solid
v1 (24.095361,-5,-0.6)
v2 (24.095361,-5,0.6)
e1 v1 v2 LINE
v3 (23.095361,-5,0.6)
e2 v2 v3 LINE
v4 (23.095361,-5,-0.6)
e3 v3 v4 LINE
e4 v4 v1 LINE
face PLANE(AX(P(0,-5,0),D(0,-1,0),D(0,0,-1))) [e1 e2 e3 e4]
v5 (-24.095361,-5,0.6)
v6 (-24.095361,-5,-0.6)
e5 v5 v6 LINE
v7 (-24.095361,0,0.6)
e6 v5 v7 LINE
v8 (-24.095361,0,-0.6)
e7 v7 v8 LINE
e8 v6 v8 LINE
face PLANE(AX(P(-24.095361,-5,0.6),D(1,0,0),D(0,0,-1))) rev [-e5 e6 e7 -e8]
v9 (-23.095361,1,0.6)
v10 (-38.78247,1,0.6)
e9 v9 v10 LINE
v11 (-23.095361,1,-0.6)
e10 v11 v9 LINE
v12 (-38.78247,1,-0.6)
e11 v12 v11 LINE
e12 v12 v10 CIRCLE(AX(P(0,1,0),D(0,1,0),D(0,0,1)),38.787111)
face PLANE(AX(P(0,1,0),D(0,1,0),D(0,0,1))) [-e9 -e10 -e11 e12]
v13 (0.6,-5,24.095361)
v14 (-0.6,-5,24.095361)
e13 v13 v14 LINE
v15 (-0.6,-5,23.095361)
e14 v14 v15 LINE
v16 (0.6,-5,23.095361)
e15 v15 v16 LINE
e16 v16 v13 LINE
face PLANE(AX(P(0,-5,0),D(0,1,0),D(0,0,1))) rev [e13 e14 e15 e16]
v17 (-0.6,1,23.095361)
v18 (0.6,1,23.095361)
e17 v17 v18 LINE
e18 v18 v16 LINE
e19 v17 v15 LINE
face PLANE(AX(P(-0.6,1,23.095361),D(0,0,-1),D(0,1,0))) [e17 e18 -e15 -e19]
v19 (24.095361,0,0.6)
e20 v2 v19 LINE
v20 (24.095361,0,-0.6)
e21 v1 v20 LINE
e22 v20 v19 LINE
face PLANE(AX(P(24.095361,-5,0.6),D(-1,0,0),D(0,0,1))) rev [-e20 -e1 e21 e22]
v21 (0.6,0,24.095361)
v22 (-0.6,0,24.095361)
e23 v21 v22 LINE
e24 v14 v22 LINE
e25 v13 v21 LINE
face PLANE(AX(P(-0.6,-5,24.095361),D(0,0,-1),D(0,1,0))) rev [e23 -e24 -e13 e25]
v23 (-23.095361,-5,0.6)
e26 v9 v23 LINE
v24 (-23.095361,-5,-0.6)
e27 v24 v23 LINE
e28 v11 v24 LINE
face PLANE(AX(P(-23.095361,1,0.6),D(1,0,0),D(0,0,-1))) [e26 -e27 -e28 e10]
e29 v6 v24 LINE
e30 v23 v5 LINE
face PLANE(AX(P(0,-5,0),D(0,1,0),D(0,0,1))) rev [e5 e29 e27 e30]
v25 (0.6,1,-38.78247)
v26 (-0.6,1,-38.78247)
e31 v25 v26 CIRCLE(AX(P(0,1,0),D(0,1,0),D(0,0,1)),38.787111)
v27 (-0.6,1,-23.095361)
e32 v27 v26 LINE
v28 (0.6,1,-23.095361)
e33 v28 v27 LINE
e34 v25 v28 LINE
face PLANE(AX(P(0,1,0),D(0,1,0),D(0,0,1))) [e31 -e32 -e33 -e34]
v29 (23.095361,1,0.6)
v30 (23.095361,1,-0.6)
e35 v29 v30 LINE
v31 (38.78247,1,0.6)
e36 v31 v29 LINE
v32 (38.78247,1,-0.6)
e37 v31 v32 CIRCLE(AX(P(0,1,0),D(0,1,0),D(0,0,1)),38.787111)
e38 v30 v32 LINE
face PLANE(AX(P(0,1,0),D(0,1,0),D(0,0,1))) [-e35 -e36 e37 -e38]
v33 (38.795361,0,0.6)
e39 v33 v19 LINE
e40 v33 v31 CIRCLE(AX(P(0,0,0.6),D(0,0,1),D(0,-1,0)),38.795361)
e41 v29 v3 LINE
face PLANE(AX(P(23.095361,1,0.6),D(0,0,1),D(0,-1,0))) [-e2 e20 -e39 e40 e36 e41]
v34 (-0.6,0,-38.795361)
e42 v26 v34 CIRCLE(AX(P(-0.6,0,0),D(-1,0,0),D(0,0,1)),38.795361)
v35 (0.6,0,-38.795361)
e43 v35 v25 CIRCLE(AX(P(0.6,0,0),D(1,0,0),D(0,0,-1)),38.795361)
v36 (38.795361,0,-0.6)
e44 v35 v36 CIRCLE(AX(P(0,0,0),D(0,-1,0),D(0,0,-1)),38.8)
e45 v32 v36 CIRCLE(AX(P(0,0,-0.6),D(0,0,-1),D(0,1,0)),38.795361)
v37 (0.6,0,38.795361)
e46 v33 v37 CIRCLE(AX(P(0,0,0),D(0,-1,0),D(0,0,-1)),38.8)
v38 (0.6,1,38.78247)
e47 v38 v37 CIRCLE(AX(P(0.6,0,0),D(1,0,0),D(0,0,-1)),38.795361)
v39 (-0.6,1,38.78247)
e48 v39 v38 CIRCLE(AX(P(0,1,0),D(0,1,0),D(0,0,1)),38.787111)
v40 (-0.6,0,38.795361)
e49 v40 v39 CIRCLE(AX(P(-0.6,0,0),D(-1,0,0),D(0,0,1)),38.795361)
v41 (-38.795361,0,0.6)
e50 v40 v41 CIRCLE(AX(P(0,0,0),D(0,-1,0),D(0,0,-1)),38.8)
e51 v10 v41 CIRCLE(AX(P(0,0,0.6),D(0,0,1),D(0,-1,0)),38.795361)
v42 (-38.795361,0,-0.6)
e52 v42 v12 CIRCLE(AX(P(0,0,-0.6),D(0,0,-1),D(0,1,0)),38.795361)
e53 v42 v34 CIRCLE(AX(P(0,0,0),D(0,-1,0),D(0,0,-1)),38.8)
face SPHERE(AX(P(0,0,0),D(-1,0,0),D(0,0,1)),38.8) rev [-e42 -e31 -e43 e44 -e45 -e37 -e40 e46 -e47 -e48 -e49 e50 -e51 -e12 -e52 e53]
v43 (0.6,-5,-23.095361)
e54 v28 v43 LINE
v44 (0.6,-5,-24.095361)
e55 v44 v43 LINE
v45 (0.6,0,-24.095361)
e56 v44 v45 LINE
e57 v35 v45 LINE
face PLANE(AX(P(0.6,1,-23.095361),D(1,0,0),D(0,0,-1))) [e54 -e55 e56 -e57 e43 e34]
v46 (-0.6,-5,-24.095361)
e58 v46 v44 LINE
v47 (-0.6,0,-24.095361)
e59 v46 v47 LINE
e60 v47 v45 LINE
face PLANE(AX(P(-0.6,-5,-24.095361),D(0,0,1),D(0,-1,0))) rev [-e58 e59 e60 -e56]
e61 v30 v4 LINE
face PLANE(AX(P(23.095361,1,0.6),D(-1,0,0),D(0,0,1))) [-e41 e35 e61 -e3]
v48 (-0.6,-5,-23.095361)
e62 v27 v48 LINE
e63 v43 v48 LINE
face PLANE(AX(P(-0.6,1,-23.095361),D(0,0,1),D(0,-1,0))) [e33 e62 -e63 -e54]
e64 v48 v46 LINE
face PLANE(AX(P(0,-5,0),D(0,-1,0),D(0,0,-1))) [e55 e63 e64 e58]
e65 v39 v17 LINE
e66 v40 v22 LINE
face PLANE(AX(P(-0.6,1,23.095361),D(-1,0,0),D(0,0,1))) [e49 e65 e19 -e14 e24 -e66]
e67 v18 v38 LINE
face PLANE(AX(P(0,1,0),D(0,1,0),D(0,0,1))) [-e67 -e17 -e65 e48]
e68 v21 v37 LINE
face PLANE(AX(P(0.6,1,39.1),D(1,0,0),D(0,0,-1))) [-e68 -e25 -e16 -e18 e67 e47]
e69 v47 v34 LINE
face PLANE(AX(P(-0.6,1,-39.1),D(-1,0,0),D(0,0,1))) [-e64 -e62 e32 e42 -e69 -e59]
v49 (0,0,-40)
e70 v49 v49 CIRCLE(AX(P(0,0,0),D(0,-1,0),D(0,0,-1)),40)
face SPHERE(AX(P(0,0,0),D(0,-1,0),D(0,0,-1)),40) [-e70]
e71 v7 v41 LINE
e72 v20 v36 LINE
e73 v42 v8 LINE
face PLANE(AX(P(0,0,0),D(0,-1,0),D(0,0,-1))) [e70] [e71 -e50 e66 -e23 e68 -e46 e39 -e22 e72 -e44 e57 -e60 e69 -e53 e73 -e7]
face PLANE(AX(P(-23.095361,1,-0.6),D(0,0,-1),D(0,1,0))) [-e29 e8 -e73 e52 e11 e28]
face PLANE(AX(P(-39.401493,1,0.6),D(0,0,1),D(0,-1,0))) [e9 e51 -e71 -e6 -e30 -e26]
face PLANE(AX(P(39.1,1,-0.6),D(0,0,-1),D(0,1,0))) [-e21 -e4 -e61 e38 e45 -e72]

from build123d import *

# Parameters (mm, degrees)
REVOLVE1_ANGLE      = 180
SHELL2_T            = -1.2
SKETCH4_W           = 16.30613237
SKETCH4_H           = 1.2
SKETCH4_W_2         = 16.004639453
SKETCH4_W_3         = 1.2
SKETCH4_H_2         = 16.004639453
BOSS_EXTRUDE1_DEPTH = 1
SKETCH5_W           = 1.2
SKETCH5_H           = 1
SKETCH5_W_2         = 1
SKETCH5_H_2         = 1.2
BOSS_EXTRUDE2_DEPTH = 5


with BuildPart() as part:
    # Sketch3 → Revolve1 (revolve)
    with BuildSketch(Plane(origin=(0, 0, 0), x_dir=(1, 0, 0), z_dir=(0, 1, 0))):
        with BuildLine():
            Line((-40, 0), (40, 0))
            ThreePointArc((40, 0), (0, 40), (-40, 0))
        make_face()
    revolve(axis=Axis((-40, 0, 0), (1, 0, 0)), revolution_arc=REVOLVE1_ANGLE)

    # Shell2
    shell2_openings = [part.faces().sort_by_distance(p)[0] for p in [
        (0, 0, 0),
    ]]
    offset(amount=SHELL2_T, openings=shell2_openings)

    # Sketch4 → Boss-Extrude1 (add)
    with BuildSketch(Plane.XZ):
        with Locations((-31.248426732, 0)):
            Rectangle(SKETCH4_W, SKETCH4_H)
        with Locations((31.097680274, 0)):
            Rectangle(SKETCH4_W_2, SKETCH4_H)
        with Locations((0, -31.097680274)):
            Rectangle(SKETCH4_W_3, SKETCH4_H_2)
        with Locations((0, 31.097680274)):
            Rectangle(SKETCH4_W_3, SKETCH4_H_2)
    extrude(amount=-BOSS_EXTRUDE1_DEPTH)

    # Sketch5 → Boss-Extrude2 (add)
    with BuildSketch(Plane.XZ):
        with Locations((0, 23.595360547)):
            Rectangle(SKETCH5_W, SKETCH5_H)
        with Locations((-23.595360547, 0)):
            Rectangle(SKETCH5_W_2, SKETCH5_H_2)
        with Locations((23.595360547, 0)):
            Rectangle(SKETCH5_W_2, SKETCH5_H_2)
        with Locations((0, -23.595360547)):
            Rectangle(SKETCH5_W, SKETCH5_H)
    extrude(amount=BOSS_EXTRUDE2_DEPTH)


solid = part.part
